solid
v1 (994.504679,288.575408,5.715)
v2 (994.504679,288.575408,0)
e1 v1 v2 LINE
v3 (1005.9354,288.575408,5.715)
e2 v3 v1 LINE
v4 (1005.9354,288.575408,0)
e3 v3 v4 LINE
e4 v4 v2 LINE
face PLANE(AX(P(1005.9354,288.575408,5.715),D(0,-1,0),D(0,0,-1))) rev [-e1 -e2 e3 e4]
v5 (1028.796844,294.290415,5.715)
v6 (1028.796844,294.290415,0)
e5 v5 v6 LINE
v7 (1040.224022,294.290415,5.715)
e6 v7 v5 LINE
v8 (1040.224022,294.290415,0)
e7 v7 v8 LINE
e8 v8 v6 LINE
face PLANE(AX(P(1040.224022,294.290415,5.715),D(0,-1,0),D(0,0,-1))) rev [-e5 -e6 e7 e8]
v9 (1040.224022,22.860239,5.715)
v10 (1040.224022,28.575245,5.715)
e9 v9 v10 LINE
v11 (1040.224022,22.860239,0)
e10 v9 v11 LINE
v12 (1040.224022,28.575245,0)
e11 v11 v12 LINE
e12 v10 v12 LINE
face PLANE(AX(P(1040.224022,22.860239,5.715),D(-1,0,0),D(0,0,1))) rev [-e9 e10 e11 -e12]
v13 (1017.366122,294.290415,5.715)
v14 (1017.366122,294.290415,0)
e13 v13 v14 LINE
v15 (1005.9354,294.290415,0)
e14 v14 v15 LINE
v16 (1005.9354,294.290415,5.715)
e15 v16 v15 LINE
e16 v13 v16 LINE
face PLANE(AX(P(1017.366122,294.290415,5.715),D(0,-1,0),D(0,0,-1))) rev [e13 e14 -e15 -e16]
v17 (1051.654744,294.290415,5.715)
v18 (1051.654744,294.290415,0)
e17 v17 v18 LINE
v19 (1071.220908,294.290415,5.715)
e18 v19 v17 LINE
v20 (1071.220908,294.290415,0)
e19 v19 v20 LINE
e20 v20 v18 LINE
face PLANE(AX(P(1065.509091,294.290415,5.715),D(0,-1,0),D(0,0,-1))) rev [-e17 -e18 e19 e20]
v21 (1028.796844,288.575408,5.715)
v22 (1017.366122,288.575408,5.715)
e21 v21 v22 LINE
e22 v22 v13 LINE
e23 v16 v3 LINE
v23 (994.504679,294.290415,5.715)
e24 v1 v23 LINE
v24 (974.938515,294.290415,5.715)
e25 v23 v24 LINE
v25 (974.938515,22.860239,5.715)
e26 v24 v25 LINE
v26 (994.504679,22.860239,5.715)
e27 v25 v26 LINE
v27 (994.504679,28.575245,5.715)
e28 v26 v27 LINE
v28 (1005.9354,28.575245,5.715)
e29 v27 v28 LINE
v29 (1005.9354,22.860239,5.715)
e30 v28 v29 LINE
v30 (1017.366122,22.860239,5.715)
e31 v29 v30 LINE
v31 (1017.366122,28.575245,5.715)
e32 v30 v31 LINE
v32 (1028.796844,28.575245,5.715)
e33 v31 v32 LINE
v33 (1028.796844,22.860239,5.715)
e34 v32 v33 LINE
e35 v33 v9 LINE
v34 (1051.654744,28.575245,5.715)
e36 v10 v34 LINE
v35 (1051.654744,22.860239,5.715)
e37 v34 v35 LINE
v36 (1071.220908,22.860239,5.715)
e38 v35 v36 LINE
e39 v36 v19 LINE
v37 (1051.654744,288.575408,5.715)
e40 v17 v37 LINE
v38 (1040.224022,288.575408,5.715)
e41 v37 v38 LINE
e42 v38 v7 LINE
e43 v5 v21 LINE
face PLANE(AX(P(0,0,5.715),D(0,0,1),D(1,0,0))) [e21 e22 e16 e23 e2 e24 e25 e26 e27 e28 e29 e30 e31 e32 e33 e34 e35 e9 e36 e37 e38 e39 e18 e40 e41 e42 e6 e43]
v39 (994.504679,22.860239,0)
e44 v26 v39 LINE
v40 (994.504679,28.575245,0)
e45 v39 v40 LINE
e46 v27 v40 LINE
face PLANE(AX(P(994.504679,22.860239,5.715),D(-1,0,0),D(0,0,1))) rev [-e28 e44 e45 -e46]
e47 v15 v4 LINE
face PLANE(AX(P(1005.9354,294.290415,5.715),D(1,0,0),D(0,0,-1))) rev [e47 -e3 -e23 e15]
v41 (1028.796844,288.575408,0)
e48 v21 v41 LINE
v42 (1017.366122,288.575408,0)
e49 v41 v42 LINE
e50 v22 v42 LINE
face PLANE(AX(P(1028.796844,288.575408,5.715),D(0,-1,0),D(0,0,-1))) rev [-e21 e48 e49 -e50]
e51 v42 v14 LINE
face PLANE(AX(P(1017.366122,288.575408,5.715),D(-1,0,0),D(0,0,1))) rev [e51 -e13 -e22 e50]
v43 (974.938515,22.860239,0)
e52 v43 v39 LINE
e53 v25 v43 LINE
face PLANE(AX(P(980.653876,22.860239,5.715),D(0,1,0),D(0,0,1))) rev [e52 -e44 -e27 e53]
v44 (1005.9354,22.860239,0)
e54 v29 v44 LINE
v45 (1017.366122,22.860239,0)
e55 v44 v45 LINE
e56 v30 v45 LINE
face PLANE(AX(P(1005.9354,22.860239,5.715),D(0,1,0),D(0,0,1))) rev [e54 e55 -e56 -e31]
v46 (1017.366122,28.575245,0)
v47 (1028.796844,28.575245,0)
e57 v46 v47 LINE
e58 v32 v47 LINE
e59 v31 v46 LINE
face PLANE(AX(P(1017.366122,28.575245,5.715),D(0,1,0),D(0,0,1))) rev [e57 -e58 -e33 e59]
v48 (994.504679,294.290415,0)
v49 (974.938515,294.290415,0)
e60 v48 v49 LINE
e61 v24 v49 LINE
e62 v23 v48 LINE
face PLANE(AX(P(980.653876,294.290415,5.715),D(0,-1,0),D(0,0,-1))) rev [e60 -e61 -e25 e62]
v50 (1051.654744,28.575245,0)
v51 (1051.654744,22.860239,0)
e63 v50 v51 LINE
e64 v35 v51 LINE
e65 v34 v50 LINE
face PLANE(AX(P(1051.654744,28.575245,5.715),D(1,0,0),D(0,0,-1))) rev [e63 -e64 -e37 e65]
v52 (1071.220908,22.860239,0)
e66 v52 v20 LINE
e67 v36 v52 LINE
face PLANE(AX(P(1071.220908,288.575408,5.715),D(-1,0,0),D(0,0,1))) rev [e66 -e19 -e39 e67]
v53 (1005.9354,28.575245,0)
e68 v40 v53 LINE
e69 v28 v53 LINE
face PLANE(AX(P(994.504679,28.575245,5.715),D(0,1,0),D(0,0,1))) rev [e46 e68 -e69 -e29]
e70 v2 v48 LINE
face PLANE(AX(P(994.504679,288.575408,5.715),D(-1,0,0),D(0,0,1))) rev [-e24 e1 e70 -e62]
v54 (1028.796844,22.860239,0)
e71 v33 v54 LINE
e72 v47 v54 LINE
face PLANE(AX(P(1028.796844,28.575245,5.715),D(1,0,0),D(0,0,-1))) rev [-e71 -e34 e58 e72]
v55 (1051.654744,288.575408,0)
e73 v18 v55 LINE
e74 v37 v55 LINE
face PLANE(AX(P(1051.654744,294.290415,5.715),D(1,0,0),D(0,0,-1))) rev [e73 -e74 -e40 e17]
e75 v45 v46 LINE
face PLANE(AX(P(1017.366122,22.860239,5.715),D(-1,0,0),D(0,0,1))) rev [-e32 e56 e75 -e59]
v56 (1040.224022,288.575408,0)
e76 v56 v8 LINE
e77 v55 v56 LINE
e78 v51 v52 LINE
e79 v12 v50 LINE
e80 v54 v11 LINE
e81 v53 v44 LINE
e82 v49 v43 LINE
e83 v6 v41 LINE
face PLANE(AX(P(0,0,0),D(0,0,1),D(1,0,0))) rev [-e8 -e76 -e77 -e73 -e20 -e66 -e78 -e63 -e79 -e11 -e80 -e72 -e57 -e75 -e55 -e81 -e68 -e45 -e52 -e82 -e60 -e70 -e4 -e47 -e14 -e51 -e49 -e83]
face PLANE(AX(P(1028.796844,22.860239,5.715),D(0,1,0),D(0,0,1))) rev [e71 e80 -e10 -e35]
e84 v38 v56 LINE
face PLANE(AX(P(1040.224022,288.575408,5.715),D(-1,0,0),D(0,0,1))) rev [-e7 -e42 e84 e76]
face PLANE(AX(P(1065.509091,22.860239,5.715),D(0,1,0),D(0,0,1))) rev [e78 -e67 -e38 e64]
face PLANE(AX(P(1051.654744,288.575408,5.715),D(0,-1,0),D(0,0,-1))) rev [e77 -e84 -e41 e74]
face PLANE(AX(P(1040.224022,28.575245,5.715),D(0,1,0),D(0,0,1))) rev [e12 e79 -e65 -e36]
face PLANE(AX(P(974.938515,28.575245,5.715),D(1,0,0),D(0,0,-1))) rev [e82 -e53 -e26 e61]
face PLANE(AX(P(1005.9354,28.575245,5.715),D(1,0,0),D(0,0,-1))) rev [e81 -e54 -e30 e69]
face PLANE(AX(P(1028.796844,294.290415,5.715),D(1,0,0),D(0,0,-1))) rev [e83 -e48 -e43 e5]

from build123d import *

# Parameters (mm, degrees)
BOSS_EXTRUDE1_DEPTH = 5.715


with BuildPart() as part:
    # Model → Boss-Extrude1 (new body)
    with BuildSketch(Plane.XY):
        Polygon((980.65387555, 22.860238699), (994.504678765, 22.860238699), (994.504678765, 28.575245224), (1005.935400477, 28.575245224), (1005.935400477, 22.860238699), (1017.36612219, 22.860238699), (1017.36612219, 28.575245224), (1028.796843902, 28.575245224), (1028.796843902, 22.860238699), (1040.224022303, 22.860238699), (1040.224022303, 28.575245224), (1051.654744015, 28.575245224), (1051.654744015, 22.860238699), (1065.509090542, 22.860238699), (1071.220908087, 22.860238699), (1071.220908087, 28.575245224), (1071.220908087, 288.575408216), (1071.220908087, 294.290414741), (1065.509090542, 294.290414741), (1051.654744015, 294.290414741), (1051.654744015, 288.575408216), (1040.224022303, 288.575408216), (1040.224022303, 294.290414741), (1028.796843902, 294.290414741), (1028.796843902, 288.575408216), (1017.36612219, 288.575408216), (1017.36612219, 294.290414741), (1005.935400477, 294.290414741), (1005.935400477, 288.575408216), (994.504678765, 288.575408216), (994.504678765, 294.290414741), (980.65387555, 294.290414741), (974.938514694, 294.290414741), (974.938514694, 288.575408216), (974.938514694, 28.575245224), (974.938514694, 22.860238699), align=None)
    extrude(amount=BOSS_EXTRUDE1_DEPTH)


solid = part.part
